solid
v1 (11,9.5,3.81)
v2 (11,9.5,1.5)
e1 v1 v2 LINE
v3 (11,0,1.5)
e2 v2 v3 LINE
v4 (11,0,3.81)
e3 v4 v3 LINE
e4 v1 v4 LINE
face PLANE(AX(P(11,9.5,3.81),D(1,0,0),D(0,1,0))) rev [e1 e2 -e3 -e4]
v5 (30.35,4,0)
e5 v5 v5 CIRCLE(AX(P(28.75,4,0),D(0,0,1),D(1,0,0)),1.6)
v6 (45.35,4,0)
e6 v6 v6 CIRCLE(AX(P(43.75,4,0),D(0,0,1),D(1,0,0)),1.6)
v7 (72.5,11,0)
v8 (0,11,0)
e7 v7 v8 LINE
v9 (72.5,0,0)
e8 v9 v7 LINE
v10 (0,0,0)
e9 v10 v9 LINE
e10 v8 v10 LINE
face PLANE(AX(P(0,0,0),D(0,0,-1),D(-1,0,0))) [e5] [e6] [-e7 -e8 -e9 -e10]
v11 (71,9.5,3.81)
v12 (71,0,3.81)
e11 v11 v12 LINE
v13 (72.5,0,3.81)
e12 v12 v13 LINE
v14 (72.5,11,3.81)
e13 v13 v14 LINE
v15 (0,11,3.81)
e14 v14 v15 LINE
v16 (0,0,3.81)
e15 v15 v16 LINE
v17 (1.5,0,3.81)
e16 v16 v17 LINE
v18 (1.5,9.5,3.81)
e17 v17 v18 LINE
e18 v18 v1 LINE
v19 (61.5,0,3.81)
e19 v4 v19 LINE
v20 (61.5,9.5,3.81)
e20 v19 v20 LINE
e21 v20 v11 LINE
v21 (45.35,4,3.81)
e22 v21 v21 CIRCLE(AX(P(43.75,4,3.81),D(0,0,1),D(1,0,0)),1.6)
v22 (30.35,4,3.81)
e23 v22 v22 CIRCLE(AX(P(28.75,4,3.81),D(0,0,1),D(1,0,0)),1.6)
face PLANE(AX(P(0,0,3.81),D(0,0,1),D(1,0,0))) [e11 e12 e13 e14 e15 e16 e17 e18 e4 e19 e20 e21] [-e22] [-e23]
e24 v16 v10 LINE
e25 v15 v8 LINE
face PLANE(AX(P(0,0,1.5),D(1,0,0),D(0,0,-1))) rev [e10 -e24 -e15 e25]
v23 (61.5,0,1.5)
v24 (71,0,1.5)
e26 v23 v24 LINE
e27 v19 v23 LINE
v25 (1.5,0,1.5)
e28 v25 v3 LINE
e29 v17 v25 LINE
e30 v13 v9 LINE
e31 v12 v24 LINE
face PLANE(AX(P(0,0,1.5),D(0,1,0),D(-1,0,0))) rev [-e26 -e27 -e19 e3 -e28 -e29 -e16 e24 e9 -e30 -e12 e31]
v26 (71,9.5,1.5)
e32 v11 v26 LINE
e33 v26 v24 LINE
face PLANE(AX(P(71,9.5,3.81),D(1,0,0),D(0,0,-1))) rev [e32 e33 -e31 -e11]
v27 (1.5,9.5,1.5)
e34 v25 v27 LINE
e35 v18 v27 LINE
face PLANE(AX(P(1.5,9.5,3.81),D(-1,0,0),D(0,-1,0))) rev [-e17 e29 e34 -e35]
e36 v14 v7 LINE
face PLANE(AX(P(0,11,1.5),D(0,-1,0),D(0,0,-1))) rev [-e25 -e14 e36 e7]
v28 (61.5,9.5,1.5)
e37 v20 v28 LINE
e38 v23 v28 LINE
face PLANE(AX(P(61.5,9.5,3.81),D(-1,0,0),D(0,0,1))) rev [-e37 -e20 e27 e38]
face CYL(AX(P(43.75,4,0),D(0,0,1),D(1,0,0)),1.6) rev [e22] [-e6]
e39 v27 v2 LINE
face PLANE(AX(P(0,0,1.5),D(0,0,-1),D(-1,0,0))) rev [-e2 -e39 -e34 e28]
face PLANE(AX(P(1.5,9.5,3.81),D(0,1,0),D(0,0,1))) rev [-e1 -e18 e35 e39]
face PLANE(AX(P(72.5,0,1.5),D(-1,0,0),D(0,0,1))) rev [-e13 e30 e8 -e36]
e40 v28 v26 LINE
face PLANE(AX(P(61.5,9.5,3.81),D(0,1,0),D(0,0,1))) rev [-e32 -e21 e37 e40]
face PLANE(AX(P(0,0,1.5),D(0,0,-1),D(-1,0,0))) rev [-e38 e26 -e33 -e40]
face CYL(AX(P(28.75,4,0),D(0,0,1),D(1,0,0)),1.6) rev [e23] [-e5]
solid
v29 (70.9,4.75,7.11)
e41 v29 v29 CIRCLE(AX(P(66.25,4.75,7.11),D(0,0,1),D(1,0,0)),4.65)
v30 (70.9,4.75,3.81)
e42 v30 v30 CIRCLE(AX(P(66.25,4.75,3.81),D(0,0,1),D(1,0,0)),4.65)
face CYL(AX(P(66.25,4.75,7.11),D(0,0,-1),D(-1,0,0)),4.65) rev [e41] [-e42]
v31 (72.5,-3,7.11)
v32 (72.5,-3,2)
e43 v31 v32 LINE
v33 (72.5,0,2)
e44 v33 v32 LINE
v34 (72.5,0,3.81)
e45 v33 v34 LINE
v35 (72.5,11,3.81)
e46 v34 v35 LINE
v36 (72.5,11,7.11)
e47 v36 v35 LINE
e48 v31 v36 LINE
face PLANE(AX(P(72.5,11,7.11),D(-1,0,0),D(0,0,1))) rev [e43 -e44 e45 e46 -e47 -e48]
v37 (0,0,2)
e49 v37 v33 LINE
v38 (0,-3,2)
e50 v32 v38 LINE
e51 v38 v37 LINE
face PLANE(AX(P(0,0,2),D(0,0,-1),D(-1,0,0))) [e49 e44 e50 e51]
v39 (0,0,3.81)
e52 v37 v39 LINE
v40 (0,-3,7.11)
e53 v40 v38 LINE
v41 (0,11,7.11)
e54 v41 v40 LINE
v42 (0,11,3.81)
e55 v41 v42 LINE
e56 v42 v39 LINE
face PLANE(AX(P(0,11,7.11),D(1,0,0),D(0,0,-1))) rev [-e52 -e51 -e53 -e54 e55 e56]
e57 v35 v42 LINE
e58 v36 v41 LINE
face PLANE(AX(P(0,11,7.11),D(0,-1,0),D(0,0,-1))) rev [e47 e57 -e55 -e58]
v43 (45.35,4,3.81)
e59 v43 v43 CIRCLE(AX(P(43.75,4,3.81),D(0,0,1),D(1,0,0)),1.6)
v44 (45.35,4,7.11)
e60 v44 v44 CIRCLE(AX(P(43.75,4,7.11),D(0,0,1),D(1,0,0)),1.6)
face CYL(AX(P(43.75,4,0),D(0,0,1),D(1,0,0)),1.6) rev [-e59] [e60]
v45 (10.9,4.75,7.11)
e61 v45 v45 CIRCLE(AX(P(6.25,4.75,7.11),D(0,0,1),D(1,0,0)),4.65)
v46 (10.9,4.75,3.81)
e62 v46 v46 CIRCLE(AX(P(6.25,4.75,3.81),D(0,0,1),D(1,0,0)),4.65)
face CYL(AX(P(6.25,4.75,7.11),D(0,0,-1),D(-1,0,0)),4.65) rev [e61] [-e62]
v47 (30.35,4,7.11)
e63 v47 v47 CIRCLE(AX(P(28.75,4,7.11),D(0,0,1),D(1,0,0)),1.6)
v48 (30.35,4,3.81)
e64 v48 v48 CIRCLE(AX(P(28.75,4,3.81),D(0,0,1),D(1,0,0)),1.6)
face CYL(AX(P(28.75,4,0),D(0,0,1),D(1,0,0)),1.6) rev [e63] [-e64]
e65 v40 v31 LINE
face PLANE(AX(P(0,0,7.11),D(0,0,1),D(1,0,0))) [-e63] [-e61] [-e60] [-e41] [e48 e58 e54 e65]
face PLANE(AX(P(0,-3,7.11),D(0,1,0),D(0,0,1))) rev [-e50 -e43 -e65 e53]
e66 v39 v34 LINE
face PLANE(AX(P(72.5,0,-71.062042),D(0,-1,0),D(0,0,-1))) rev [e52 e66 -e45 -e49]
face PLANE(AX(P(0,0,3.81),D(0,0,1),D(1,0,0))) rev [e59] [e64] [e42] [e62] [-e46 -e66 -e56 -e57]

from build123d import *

# Parameters (mm, degrees)
SKETCH1_W           = 72.5
SKETCH1_H           = 11
BOSS_EXTRUDE1_DEPTH = 1.5
BOSS_EXTRUDE2_DEPTH = 2.31
SKETCH3_W           = 72.5
SKETCH3_H           = 14
SKETCH3_R           = 4.65
BOSS_EXTRUDE3_DEPTH = 3.3
SKETCH4_W           = 72.5
SKETCH4_H           = 3
BOSS_EXTRUDE4_DEPTH = 1.81
SKETCH5_R           = 1.6
CUT_EXTRUDE1_DEPTH  = 74.673618752


with BuildPart() as part:
    # Sketch1 → Boss-Extrude1 (new body)
    with BuildSketch(Plane.XY):
        with Locations((36.25, 5.5)):
            Rectangle(SKETCH1_W, SKETCH1_H)
    extrude(amount=BOSS_EXTRUDE1_DEPTH)

    # Sketch2 → Boss-Extrude2 (add)
    with BuildSketch(Plane.XY.offset(1.5)):
        Polygon((1.5, 9.5), (11, 9.5), (11, 0), (61.5, 0), (61.5, 9.5), (71, 9.5), (71, 0), (72.5, 0), (72.5, 11), (0, 11), (0, 0), (1.5, 0), align=None)
    extrude(amount=BOSS_EXTRUDE2_DEPTH)


with BuildPart() as body_2:
    # Sketch3 → Boss-Extrude3 (new body)
    with BuildSketch(Plane.XY.offset(3.81)):
        with Locations((36.25, 4)):
            Rectangle(SKETCH3_W, SKETCH3_H)
        with Locations((6.25, 4.75)):
            Circle(SKETCH3_R, mode=Mode.SUBTRACT)
        with Locations((66.25, 4.75)):
            Circle(SKETCH3_R, mode=Mode.SUBTRACT)
    extrude(amount=BOSS_EXTRUDE3_DEPTH)

    # Sketch4 → Boss-Extrude4 (add)
    with BuildSketch(Plane(origin=(0, 0, 3.81), x_dir=(-1, 0, 0), z_dir=(0, 0, -1))):
        with Locations((-36.25, -1.5)):
            Rectangle(SKETCH4_W, SKETCH4_H)
    extrude(amount=BOSS_EXTRUDE4_DEPTH)


with BuildPart() as cut_extrude1_tool:
    # Sketch5 → Cut-Extrude1 (new, through all)
    with BuildSketch(Plane.XY.offset(7.11)):
        with Locations((28.75, 4)):
            Circle(SKETCH5_R)
        with Locations((43.75, 4)):
            Circle(SKETCH5_R)
    extrude(amount=-CUT_EXTRUDE1_DEPTH)


with BuildPart() as part_1:
    add(part.part)

    # Cut-Extrude1: cut by cut_extrude1_tool
    add(cut_extrude1_tool.part, mode=Mode.SUBTRACT)


with BuildPart() as body_2_1:
    add(body_2.part)

    # Cut-Extrude1: cut by cut_extrude1_tool
    add(cut_extrude1_tool.part, mode=Mode.SUBTRACT)


solid = Compound([part_1.part, body_2_1.part])
